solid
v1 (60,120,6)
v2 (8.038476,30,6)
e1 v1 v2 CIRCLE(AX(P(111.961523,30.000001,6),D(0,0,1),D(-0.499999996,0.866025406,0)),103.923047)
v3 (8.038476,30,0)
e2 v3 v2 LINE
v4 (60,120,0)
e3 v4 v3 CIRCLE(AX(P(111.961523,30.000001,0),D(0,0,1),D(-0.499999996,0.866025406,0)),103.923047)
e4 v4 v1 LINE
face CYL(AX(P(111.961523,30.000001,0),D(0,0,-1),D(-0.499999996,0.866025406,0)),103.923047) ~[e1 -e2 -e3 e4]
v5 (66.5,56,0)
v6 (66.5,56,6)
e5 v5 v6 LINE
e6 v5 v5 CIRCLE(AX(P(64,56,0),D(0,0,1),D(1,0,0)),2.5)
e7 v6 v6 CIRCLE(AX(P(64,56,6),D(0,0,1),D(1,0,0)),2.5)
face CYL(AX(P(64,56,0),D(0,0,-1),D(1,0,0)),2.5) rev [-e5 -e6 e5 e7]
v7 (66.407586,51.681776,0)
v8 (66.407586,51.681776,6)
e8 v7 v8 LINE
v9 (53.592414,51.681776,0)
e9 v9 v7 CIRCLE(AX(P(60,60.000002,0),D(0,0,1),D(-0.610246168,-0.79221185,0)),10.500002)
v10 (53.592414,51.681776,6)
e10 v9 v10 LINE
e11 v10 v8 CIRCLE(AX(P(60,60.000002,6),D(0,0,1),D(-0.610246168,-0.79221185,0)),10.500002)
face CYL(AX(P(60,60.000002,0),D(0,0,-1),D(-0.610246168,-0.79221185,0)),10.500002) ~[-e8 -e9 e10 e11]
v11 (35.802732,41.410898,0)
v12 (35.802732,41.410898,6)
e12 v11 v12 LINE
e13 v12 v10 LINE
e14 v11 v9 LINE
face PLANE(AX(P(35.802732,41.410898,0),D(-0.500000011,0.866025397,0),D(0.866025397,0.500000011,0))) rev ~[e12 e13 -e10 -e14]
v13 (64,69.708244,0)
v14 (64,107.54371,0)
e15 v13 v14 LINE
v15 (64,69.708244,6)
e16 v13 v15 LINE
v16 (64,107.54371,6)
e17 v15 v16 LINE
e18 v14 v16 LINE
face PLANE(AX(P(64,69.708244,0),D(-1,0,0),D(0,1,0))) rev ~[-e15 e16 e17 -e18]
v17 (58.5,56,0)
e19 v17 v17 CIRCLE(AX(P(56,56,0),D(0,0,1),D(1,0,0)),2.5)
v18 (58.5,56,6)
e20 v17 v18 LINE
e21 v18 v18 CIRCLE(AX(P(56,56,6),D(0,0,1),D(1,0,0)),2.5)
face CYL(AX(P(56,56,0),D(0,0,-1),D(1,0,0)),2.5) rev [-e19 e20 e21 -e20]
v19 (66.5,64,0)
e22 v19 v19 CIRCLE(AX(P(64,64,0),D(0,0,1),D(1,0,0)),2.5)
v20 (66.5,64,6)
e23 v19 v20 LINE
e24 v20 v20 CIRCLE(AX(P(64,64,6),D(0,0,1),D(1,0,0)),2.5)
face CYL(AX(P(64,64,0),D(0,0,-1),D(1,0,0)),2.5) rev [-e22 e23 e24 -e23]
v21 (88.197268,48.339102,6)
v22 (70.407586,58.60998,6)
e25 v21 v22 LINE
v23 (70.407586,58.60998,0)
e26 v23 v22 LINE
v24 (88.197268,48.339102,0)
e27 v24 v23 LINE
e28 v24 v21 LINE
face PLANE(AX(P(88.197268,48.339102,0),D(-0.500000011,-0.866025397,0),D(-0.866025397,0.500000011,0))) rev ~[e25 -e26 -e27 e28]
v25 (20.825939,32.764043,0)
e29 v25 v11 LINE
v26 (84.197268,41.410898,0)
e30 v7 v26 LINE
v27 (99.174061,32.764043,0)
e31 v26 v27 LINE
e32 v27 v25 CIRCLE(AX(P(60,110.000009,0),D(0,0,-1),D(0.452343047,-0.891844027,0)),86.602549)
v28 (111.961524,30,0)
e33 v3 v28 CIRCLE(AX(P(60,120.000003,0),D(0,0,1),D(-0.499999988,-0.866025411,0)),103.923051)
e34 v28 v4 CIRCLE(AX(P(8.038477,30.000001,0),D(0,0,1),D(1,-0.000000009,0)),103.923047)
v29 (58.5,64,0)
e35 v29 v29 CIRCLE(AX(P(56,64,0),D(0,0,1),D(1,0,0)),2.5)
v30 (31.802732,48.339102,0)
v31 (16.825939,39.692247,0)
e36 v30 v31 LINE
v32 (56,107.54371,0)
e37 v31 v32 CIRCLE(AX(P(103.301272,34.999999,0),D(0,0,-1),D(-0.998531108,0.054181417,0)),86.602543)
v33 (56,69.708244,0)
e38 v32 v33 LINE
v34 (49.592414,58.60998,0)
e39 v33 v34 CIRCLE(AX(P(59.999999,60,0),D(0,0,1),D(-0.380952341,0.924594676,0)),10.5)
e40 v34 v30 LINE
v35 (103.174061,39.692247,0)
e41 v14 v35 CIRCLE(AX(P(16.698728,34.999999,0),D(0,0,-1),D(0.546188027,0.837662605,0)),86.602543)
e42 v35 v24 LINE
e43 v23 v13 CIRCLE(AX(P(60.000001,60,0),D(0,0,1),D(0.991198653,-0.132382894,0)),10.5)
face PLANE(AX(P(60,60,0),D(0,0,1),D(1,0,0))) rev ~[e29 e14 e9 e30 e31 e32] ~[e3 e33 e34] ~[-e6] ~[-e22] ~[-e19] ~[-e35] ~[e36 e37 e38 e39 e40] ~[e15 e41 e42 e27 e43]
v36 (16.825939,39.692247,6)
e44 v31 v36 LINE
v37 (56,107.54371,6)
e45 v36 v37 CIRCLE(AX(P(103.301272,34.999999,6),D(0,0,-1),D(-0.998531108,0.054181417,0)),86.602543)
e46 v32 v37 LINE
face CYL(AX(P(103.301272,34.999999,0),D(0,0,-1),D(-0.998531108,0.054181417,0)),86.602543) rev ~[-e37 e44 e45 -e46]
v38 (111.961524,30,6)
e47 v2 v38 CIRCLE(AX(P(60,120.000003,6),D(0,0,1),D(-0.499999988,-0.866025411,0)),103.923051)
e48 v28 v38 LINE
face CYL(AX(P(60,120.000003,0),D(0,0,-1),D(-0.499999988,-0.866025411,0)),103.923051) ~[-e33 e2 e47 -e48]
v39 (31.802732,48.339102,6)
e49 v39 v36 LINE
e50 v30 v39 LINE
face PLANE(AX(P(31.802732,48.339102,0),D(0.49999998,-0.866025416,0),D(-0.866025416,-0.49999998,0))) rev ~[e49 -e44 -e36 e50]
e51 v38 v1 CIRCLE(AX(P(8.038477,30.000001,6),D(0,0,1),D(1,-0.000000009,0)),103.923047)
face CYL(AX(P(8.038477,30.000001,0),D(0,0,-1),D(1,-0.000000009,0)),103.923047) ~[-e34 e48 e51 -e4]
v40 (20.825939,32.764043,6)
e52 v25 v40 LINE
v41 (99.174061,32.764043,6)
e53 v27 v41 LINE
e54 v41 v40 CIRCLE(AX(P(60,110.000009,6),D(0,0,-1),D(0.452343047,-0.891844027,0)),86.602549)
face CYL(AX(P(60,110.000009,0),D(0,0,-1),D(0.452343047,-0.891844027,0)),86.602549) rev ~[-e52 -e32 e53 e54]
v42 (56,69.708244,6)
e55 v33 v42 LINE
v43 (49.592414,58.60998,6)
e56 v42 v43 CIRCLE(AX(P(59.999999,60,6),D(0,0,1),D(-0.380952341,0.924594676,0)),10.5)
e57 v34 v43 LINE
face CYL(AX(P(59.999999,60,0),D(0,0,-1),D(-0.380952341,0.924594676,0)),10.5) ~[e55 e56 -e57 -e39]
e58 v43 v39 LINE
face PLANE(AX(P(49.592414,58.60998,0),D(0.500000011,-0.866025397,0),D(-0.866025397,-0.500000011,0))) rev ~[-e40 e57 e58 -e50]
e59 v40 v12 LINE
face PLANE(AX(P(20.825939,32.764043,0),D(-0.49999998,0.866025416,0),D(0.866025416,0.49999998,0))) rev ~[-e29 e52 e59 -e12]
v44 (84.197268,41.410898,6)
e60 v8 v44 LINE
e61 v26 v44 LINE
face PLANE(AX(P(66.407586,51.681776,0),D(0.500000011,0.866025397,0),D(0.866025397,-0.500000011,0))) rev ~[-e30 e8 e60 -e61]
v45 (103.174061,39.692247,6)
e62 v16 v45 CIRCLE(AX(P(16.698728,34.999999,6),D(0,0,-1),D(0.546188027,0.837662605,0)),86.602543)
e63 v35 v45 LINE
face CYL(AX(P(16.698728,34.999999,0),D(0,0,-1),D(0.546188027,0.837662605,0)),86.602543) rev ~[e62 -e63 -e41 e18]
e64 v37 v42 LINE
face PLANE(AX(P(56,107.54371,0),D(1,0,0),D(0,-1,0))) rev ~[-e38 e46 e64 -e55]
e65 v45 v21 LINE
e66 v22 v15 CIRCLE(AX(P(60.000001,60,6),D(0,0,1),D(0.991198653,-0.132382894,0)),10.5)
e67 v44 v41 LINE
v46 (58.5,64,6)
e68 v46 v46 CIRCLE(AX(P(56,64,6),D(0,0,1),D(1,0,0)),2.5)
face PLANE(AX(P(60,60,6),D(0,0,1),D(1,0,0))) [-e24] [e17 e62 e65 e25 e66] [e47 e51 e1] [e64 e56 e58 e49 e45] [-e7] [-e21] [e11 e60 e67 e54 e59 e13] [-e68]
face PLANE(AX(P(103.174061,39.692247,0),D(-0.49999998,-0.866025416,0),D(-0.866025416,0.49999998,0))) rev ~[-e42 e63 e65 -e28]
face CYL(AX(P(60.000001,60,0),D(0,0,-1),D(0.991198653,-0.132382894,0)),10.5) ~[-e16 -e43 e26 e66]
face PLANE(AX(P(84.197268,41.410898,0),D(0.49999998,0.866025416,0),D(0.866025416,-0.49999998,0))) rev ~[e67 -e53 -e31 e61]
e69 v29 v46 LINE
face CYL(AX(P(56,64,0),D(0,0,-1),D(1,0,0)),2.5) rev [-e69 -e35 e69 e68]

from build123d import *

# Parameters (mm, degrees)
F0_R     = 2.5
F1_DEPTH = 6


with BuildPart() as f1:
    # F0 (on Top) → F1 (new body)
    with BuildSketch(Plane.XY):
        with BuildLine():
            ThreePointArc((60, 120), (21.961524, 81.961524), (8.038476, 30))
            ThreePointArc((8.038476, 30), (60, 16.076952), (111.961524, 30))
            ThreePointArc((111.961524, 30), (98.038476, 81.961524), (60, 120))
        make_face()
        with Locations((56, 56)):
            Circle(F0_R, mode=Mode.SUBTRACT)
        with Locations((56, 64)):
            Circle(F0_R, mode=Mode.SUBTRACT)
        with BuildLine():
            Line((35.802732, 41.410898), (53.592414, 51.681776))
            ThreePointArc((53.592414, 51.681776), (60, 49.5), (66.407586, 51.681776))
            Line((66.407586, 51.681776), (84.197268, 41.410898))
            Line((84.197268, 41.410898), (99.174061, 32.764043))
            ThreePointArc((99.174061, 32.764043), (60, 23.39746), (20.825939, 32.764043))
            Line((20.825939, 32.764043), (35.802732, 41.410898))
        make_face(mode=Mode.SUBTRACT)
        with Locations((64, 56)):
            Circle(F0_R, mode=Mode.SUBTRACT)
        with Locations((64, 64)):
            Circle(F0_R, mode=Mode.SUBTRACT)
        with BuildLine():
            ThreePointArc((16.825939, 39.692247), (28.30127, 78.30127), (56, 107.54371))
            Line((56, 107.54371), (56, 85))
            Line((56, 85), (56, 69.708244))
            ThreePointArc((56, 69.708244), (50.906733, 65.25), (49.592414, 58.60998))
            Line((49.592414, 58.60998), (31.802732, 48.339102))
            Line((31.802732, 48.339102), (16.825939, 39.692247))
        make_face(mode=Mode.SUBTRACT)
        with BuildLine():
            ThreePointArc((64, 107.54371), (91.69873, 78.30127), (103.174061, 39.692247))
            Line((103.174061, 39.692247), (88.197268, 48.339102))
            Line((88.197268, 48.339102), (70.407586, 58.60998))
            ThreePointArc((70.407586, 58.60998), (69.093267, 65.25), (64, 69.708244))
            Line((64, 69.708244), (64, 85))
            Line((64, 85), (64, 107.54371))
        make_face(mode=Mode.SUBTRACT)
    extrude(amount=F1_DEPTH)


solid = f1.part
